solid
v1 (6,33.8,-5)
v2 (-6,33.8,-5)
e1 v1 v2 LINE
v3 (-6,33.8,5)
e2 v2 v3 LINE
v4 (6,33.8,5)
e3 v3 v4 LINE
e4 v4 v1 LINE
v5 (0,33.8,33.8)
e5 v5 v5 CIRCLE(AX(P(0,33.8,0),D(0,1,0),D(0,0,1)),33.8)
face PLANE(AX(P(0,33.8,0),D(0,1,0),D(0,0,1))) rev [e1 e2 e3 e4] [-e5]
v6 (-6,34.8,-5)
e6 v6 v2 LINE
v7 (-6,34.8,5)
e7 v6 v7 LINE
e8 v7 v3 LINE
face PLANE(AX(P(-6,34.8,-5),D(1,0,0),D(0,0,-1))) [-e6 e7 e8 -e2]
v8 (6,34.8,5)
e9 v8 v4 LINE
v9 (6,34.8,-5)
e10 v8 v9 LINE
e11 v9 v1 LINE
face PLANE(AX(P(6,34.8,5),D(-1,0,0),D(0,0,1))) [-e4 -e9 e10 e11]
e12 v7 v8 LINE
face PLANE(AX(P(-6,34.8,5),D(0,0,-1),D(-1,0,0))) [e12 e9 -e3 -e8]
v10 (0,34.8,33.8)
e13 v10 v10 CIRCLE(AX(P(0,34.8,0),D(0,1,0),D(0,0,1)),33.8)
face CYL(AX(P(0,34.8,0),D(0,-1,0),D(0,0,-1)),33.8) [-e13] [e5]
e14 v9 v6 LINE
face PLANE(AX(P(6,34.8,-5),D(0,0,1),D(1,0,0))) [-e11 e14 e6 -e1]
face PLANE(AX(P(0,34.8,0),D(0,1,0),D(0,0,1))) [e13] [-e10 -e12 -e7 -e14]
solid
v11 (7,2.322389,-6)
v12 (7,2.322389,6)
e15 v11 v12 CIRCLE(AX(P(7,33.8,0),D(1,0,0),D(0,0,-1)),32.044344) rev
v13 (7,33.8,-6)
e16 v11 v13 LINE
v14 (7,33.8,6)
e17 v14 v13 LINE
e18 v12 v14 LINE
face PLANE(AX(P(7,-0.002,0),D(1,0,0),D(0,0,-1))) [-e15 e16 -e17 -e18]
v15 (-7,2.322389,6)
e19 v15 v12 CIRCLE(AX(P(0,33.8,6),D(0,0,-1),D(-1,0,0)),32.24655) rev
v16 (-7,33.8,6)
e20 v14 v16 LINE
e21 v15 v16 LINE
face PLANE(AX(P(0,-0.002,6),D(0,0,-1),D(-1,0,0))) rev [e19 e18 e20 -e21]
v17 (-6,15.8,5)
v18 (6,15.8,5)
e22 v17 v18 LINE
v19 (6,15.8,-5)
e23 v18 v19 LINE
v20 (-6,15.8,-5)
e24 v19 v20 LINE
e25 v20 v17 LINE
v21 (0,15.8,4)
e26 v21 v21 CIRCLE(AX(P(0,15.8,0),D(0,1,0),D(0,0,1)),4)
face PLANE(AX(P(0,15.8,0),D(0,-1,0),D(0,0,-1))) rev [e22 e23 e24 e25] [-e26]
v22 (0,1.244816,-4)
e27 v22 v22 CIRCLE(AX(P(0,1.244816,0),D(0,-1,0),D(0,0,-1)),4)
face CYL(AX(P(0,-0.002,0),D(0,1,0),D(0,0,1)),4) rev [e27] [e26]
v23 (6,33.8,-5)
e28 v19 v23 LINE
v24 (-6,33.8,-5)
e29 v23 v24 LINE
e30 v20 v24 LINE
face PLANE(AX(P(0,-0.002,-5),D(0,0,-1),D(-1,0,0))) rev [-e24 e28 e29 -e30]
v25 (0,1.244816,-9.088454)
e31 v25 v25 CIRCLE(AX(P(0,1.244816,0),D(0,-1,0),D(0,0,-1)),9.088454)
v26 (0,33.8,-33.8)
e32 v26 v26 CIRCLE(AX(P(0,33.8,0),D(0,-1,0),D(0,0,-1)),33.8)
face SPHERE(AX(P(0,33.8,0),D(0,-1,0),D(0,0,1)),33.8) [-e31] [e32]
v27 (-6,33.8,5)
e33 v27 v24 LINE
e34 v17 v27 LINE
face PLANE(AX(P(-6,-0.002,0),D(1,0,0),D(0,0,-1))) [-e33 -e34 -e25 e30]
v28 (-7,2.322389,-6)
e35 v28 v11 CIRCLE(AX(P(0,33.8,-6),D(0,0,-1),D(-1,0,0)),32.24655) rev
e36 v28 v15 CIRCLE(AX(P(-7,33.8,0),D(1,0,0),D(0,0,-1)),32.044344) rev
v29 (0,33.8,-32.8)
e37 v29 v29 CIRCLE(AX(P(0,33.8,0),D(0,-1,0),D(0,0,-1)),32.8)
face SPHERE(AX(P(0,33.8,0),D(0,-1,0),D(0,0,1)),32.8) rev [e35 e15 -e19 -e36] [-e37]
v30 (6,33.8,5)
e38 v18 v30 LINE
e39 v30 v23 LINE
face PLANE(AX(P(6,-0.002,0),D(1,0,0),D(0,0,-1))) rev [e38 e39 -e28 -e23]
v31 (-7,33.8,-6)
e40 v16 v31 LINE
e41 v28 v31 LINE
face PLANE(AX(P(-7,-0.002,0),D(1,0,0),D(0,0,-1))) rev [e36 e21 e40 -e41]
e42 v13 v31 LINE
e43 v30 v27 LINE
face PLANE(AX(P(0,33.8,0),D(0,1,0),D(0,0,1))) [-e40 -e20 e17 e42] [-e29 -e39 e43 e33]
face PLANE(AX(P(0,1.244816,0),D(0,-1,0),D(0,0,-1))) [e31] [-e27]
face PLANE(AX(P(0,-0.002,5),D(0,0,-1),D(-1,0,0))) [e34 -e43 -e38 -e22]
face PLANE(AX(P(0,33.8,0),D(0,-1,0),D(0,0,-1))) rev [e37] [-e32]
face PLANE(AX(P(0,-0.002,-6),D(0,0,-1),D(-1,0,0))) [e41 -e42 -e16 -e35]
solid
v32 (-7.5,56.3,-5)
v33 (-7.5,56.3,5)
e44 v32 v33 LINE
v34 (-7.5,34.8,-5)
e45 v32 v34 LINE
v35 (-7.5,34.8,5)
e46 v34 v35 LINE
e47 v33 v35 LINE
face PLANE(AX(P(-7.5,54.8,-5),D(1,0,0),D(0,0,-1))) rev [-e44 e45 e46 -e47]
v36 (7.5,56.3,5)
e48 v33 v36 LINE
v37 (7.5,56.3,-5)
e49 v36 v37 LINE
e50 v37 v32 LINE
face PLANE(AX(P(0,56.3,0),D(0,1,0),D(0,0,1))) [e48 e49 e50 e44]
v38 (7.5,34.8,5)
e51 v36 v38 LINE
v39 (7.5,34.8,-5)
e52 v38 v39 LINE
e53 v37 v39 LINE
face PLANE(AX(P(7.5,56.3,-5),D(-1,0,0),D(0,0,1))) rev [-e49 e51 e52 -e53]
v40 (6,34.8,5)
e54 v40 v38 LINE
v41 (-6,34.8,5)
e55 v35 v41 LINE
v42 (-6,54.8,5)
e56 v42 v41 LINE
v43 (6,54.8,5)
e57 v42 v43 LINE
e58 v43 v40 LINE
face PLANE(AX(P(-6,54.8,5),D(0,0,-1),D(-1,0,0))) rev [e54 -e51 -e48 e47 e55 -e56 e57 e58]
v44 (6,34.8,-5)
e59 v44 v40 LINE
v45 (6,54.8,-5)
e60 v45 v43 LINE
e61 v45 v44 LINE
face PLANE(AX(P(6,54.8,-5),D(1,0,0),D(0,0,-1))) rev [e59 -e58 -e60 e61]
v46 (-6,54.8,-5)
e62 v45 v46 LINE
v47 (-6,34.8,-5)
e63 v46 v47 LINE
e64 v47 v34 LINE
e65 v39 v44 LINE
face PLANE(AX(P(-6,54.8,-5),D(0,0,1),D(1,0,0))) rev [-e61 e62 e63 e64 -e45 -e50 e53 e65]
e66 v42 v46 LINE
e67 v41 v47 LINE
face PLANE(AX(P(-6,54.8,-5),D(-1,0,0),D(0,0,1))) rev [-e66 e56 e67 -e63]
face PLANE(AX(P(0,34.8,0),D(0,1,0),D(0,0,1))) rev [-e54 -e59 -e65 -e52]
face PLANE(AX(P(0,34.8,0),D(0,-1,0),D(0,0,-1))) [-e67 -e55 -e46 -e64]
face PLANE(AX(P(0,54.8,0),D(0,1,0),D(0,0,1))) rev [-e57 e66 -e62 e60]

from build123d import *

# Parameters (mm, degrees)
SHELL8_T                 = -1
BOSS_EXTRUDE2_REACH      = 60.543
BOSS_EXTRUDE2_END_RADIUS = 32.8
SKETCH5_W                = 14
SKETCH5_H                = 12
SKETCH5_W_2              = 12
SKETCH5_H_2              = 10
BOSS_EXTRUDE3_REACH      = 78.543
BOSS_EXTRUDE3_END_RADIUS = 32.8
BOSS_EXTRUDE3_START      = -18
SKETCH6_W                = 12
SKETCH6_H                = 10
SKETCH6_R                = 4
SKETCH7_R                = 1
CUT_EXTRUDE3_DEPTH       = 52.077196477
SKETCH8_R                = 33.8
SKETCH8_W                = 12
SKETCH8_H                = 10
BOSS_EXTRUDE4_DEPTH      = 1
SKETCH10_W               = 30
SKETCH10_H               = 30
CUT_EXTRUDE4_DEPTH       = 59.402314747
SKETCH11_W               = 1.5
SKETCH11_H               = 10
BOSS_EXTRUDE5_DEPTH      = 20
BOSS_EXTRUDE5_2_DEPTH    = 20
SKETCH12_W               = 15
SKETCH12_H               = 10
BOSS_EXTRUDE6_DEPTH      = 1.5


with BuildPart() as part:
    # Sketch3 → Revolve1 (revolve)
    with BuildSketch(Plane(origin=(0, 0, 0), x_dir=(0, 0, -1), z_dir=(1, 0, 0))):
        with BuildLine():
            Line((0, 33.8), (-33.8, 33.8))
            ThreePointArc((-33.8, 33.8), (-23.900209204, 9.899790796), (0, 0))
            Line((0, 0), (0, 33.8))
        make_face()
    revolve(axis=Axis((0, 0, 0), (0, 1, 0)))

    # Shell8
    shell8_openings = [part.faces().sort_by_distance(p)[0] for p in [
        (0, 33.8, 0),
    ]]
    offset(amount=SHELL8_T, openings=shell8_openings, kind=Kind.INTERSECTION)

    # Boss-Extrude2: up to this sphere (the profile starts inside it)
    boss_extrude2_end = Location((0, 33.8, 0)) * Sphere(BOSS_EXTRUDE2_END_RADIUS, mode=Mode.PRIVATE)
    # Sketch5 → Boss-Extrude2 (add, up to the surface)
    with BuildSketch(Plane(origin=(0, 33.8, 0), x_dir=(1, 0, 0), z_dir=(0, 1, 0)), mode=Mode.PRIVATE) as boss_extrude2_sk1:
        Rectangle(SKETCH5_W, SKETCH5_H)
        Rectangle(SKETCH5_W_2, SKETCH5_H_2, mode=Mode.SUBTRACT)
    boss_extrude2_tool1 = extrude(boss_extrude2_sk1.sketch, amount=-BOSS_EXTRUDE2_REACH, mode=Mode.PRIVATE) & boss_extrude2_end
    add(boss_extrude2_tool1.solids().sort_by_distance((-6.815609, 33.8, 0))[0])

    # Boss-Extrude3: up to this sphere (the profile starts inside it)
    boss_extrude3_end = Location((0, 33.8, 0)) * Sphere(BOSS_EXTRUDE3_END_RADIUS, mode=Mode.PRIVATE)
    # Sketch6 → Boss-Extrude3 (add, up to the surface)
    with BuildSketch(Plane(origin=(0, 33.8, 0), x_dir=(1, 0, 0), z_dir=(0, 1, 0)).offset(BOSS_EXTRUDE3_START), mode=Mode.PRIVATE) as boss_extrude3_sk1:
        Rectangle(SKETCH6_W, SKETCH6_H)
        with Locations(Location((0, 0, 0), (0, 0, 270))):
            Circle(SKETCH6_R, mode=Mode.SUBTRACT)
    boss_extrude3_tool1 = extrude(boss_extrude3_sk1.sketch, amount=-BOSS_EXTRUDE3_REACH, mode=Mode.PRIVATE) & boss_extrude3_end
    add(boss_extrude3_tool1.solids().sort_by_distance((0, 15.8, 4.843795))[0])

    # Sketch7 → Cut-Extrude3 (cut, through all)
    with BuildSketch(Plane(origin=(0, 15.8, 0), x_dir=(1, 0, 0), z_dir=(0, 1, 0))):
        with Locations(Location((0, 0, 0), (0, 0, 270))):
            Circle(SKETCH7_R)
    extrude(amount=-CUT_EXTRUDE3_DEPTH, mode=Mode.SUBTRACT)

    # Sketch10 → Cut-Extrude4 (cut, through all)
    with BuildSketch(Plane(origin=(0, 1.244816081, 0), x_dir=(1, 0, 0), z_dir=(0, 1, 0))):
        Rectangle(SKETCH10_W, SKETCH10_H)
    extrude(amount=-CUT_EXTRUDE4_DEPTH, mode=Mode.SUBTRACT)


with BuildPart() as body_2:
    # Sketch8 → Boss-Extrude4 (new body)
    with BuildSketch(Plane(origin=(0, 33.8, 0), x_dir=(1, 0, 0), z_dir=(0, 1, 0))):
        with Locations(Location((0, 0, 0), (0, 0, 270))):
            Circle(SKETCH8_R)
        Rectangle(SKETCH8_W, SKETCH8_H, mode=Mode.SUBTRACT)
    extrude(amount=BOSS_EXTRUDE4_DEPTH)


with BuildPart() as body_3:
    # Sketch11 → Boss-Extrude5 (new body)
    with BuildSketch(Plane(origin=(0, 34.8, 0), x_dir=(1, 0, 0), z_dir=(0, 1, 0))):
        with Locations((-6.75, 0)):
            Rectangle(SKETCH11_W, SKETCH11_H)
    extrude(amount=BOSS_EXTRUDE5_DEPTH)



with BuildPart() as body_4:
    # Sketch11 → Boss-Extrude5 2 (new body)
    with BuildSketch(Plane(origin=(0, 34.8, 0), x_dir=(1, 0, 0), z_dir=(0, 1, 0))):
        with Locations((6.75, 0)):
            Rectangle(SKETCH11_W, SKETCH11_H)
    extrude(amount=BOSS_EXTRUDE5_2_DEPTH)


with BuildPart() as body_3_1:
    add(body_3.part)

    add(body_4.part)  # Boss-Extrude6 merges body 4
    # Sketch12 → Boss-Extrude6 (add)
    with BuildSketch(Plane(origin=(0, 54.8, 0), x_dir=(1, 0, 0), z_dir=(0, 1, 0))):
        Rectangle(SKETCH12_W, SKETCH12_H)
    extrude(amount=BOSS_EXTRUDE6_DEPTH)


solid = Compound([part.part, body_2.part, body_3_1.part])
